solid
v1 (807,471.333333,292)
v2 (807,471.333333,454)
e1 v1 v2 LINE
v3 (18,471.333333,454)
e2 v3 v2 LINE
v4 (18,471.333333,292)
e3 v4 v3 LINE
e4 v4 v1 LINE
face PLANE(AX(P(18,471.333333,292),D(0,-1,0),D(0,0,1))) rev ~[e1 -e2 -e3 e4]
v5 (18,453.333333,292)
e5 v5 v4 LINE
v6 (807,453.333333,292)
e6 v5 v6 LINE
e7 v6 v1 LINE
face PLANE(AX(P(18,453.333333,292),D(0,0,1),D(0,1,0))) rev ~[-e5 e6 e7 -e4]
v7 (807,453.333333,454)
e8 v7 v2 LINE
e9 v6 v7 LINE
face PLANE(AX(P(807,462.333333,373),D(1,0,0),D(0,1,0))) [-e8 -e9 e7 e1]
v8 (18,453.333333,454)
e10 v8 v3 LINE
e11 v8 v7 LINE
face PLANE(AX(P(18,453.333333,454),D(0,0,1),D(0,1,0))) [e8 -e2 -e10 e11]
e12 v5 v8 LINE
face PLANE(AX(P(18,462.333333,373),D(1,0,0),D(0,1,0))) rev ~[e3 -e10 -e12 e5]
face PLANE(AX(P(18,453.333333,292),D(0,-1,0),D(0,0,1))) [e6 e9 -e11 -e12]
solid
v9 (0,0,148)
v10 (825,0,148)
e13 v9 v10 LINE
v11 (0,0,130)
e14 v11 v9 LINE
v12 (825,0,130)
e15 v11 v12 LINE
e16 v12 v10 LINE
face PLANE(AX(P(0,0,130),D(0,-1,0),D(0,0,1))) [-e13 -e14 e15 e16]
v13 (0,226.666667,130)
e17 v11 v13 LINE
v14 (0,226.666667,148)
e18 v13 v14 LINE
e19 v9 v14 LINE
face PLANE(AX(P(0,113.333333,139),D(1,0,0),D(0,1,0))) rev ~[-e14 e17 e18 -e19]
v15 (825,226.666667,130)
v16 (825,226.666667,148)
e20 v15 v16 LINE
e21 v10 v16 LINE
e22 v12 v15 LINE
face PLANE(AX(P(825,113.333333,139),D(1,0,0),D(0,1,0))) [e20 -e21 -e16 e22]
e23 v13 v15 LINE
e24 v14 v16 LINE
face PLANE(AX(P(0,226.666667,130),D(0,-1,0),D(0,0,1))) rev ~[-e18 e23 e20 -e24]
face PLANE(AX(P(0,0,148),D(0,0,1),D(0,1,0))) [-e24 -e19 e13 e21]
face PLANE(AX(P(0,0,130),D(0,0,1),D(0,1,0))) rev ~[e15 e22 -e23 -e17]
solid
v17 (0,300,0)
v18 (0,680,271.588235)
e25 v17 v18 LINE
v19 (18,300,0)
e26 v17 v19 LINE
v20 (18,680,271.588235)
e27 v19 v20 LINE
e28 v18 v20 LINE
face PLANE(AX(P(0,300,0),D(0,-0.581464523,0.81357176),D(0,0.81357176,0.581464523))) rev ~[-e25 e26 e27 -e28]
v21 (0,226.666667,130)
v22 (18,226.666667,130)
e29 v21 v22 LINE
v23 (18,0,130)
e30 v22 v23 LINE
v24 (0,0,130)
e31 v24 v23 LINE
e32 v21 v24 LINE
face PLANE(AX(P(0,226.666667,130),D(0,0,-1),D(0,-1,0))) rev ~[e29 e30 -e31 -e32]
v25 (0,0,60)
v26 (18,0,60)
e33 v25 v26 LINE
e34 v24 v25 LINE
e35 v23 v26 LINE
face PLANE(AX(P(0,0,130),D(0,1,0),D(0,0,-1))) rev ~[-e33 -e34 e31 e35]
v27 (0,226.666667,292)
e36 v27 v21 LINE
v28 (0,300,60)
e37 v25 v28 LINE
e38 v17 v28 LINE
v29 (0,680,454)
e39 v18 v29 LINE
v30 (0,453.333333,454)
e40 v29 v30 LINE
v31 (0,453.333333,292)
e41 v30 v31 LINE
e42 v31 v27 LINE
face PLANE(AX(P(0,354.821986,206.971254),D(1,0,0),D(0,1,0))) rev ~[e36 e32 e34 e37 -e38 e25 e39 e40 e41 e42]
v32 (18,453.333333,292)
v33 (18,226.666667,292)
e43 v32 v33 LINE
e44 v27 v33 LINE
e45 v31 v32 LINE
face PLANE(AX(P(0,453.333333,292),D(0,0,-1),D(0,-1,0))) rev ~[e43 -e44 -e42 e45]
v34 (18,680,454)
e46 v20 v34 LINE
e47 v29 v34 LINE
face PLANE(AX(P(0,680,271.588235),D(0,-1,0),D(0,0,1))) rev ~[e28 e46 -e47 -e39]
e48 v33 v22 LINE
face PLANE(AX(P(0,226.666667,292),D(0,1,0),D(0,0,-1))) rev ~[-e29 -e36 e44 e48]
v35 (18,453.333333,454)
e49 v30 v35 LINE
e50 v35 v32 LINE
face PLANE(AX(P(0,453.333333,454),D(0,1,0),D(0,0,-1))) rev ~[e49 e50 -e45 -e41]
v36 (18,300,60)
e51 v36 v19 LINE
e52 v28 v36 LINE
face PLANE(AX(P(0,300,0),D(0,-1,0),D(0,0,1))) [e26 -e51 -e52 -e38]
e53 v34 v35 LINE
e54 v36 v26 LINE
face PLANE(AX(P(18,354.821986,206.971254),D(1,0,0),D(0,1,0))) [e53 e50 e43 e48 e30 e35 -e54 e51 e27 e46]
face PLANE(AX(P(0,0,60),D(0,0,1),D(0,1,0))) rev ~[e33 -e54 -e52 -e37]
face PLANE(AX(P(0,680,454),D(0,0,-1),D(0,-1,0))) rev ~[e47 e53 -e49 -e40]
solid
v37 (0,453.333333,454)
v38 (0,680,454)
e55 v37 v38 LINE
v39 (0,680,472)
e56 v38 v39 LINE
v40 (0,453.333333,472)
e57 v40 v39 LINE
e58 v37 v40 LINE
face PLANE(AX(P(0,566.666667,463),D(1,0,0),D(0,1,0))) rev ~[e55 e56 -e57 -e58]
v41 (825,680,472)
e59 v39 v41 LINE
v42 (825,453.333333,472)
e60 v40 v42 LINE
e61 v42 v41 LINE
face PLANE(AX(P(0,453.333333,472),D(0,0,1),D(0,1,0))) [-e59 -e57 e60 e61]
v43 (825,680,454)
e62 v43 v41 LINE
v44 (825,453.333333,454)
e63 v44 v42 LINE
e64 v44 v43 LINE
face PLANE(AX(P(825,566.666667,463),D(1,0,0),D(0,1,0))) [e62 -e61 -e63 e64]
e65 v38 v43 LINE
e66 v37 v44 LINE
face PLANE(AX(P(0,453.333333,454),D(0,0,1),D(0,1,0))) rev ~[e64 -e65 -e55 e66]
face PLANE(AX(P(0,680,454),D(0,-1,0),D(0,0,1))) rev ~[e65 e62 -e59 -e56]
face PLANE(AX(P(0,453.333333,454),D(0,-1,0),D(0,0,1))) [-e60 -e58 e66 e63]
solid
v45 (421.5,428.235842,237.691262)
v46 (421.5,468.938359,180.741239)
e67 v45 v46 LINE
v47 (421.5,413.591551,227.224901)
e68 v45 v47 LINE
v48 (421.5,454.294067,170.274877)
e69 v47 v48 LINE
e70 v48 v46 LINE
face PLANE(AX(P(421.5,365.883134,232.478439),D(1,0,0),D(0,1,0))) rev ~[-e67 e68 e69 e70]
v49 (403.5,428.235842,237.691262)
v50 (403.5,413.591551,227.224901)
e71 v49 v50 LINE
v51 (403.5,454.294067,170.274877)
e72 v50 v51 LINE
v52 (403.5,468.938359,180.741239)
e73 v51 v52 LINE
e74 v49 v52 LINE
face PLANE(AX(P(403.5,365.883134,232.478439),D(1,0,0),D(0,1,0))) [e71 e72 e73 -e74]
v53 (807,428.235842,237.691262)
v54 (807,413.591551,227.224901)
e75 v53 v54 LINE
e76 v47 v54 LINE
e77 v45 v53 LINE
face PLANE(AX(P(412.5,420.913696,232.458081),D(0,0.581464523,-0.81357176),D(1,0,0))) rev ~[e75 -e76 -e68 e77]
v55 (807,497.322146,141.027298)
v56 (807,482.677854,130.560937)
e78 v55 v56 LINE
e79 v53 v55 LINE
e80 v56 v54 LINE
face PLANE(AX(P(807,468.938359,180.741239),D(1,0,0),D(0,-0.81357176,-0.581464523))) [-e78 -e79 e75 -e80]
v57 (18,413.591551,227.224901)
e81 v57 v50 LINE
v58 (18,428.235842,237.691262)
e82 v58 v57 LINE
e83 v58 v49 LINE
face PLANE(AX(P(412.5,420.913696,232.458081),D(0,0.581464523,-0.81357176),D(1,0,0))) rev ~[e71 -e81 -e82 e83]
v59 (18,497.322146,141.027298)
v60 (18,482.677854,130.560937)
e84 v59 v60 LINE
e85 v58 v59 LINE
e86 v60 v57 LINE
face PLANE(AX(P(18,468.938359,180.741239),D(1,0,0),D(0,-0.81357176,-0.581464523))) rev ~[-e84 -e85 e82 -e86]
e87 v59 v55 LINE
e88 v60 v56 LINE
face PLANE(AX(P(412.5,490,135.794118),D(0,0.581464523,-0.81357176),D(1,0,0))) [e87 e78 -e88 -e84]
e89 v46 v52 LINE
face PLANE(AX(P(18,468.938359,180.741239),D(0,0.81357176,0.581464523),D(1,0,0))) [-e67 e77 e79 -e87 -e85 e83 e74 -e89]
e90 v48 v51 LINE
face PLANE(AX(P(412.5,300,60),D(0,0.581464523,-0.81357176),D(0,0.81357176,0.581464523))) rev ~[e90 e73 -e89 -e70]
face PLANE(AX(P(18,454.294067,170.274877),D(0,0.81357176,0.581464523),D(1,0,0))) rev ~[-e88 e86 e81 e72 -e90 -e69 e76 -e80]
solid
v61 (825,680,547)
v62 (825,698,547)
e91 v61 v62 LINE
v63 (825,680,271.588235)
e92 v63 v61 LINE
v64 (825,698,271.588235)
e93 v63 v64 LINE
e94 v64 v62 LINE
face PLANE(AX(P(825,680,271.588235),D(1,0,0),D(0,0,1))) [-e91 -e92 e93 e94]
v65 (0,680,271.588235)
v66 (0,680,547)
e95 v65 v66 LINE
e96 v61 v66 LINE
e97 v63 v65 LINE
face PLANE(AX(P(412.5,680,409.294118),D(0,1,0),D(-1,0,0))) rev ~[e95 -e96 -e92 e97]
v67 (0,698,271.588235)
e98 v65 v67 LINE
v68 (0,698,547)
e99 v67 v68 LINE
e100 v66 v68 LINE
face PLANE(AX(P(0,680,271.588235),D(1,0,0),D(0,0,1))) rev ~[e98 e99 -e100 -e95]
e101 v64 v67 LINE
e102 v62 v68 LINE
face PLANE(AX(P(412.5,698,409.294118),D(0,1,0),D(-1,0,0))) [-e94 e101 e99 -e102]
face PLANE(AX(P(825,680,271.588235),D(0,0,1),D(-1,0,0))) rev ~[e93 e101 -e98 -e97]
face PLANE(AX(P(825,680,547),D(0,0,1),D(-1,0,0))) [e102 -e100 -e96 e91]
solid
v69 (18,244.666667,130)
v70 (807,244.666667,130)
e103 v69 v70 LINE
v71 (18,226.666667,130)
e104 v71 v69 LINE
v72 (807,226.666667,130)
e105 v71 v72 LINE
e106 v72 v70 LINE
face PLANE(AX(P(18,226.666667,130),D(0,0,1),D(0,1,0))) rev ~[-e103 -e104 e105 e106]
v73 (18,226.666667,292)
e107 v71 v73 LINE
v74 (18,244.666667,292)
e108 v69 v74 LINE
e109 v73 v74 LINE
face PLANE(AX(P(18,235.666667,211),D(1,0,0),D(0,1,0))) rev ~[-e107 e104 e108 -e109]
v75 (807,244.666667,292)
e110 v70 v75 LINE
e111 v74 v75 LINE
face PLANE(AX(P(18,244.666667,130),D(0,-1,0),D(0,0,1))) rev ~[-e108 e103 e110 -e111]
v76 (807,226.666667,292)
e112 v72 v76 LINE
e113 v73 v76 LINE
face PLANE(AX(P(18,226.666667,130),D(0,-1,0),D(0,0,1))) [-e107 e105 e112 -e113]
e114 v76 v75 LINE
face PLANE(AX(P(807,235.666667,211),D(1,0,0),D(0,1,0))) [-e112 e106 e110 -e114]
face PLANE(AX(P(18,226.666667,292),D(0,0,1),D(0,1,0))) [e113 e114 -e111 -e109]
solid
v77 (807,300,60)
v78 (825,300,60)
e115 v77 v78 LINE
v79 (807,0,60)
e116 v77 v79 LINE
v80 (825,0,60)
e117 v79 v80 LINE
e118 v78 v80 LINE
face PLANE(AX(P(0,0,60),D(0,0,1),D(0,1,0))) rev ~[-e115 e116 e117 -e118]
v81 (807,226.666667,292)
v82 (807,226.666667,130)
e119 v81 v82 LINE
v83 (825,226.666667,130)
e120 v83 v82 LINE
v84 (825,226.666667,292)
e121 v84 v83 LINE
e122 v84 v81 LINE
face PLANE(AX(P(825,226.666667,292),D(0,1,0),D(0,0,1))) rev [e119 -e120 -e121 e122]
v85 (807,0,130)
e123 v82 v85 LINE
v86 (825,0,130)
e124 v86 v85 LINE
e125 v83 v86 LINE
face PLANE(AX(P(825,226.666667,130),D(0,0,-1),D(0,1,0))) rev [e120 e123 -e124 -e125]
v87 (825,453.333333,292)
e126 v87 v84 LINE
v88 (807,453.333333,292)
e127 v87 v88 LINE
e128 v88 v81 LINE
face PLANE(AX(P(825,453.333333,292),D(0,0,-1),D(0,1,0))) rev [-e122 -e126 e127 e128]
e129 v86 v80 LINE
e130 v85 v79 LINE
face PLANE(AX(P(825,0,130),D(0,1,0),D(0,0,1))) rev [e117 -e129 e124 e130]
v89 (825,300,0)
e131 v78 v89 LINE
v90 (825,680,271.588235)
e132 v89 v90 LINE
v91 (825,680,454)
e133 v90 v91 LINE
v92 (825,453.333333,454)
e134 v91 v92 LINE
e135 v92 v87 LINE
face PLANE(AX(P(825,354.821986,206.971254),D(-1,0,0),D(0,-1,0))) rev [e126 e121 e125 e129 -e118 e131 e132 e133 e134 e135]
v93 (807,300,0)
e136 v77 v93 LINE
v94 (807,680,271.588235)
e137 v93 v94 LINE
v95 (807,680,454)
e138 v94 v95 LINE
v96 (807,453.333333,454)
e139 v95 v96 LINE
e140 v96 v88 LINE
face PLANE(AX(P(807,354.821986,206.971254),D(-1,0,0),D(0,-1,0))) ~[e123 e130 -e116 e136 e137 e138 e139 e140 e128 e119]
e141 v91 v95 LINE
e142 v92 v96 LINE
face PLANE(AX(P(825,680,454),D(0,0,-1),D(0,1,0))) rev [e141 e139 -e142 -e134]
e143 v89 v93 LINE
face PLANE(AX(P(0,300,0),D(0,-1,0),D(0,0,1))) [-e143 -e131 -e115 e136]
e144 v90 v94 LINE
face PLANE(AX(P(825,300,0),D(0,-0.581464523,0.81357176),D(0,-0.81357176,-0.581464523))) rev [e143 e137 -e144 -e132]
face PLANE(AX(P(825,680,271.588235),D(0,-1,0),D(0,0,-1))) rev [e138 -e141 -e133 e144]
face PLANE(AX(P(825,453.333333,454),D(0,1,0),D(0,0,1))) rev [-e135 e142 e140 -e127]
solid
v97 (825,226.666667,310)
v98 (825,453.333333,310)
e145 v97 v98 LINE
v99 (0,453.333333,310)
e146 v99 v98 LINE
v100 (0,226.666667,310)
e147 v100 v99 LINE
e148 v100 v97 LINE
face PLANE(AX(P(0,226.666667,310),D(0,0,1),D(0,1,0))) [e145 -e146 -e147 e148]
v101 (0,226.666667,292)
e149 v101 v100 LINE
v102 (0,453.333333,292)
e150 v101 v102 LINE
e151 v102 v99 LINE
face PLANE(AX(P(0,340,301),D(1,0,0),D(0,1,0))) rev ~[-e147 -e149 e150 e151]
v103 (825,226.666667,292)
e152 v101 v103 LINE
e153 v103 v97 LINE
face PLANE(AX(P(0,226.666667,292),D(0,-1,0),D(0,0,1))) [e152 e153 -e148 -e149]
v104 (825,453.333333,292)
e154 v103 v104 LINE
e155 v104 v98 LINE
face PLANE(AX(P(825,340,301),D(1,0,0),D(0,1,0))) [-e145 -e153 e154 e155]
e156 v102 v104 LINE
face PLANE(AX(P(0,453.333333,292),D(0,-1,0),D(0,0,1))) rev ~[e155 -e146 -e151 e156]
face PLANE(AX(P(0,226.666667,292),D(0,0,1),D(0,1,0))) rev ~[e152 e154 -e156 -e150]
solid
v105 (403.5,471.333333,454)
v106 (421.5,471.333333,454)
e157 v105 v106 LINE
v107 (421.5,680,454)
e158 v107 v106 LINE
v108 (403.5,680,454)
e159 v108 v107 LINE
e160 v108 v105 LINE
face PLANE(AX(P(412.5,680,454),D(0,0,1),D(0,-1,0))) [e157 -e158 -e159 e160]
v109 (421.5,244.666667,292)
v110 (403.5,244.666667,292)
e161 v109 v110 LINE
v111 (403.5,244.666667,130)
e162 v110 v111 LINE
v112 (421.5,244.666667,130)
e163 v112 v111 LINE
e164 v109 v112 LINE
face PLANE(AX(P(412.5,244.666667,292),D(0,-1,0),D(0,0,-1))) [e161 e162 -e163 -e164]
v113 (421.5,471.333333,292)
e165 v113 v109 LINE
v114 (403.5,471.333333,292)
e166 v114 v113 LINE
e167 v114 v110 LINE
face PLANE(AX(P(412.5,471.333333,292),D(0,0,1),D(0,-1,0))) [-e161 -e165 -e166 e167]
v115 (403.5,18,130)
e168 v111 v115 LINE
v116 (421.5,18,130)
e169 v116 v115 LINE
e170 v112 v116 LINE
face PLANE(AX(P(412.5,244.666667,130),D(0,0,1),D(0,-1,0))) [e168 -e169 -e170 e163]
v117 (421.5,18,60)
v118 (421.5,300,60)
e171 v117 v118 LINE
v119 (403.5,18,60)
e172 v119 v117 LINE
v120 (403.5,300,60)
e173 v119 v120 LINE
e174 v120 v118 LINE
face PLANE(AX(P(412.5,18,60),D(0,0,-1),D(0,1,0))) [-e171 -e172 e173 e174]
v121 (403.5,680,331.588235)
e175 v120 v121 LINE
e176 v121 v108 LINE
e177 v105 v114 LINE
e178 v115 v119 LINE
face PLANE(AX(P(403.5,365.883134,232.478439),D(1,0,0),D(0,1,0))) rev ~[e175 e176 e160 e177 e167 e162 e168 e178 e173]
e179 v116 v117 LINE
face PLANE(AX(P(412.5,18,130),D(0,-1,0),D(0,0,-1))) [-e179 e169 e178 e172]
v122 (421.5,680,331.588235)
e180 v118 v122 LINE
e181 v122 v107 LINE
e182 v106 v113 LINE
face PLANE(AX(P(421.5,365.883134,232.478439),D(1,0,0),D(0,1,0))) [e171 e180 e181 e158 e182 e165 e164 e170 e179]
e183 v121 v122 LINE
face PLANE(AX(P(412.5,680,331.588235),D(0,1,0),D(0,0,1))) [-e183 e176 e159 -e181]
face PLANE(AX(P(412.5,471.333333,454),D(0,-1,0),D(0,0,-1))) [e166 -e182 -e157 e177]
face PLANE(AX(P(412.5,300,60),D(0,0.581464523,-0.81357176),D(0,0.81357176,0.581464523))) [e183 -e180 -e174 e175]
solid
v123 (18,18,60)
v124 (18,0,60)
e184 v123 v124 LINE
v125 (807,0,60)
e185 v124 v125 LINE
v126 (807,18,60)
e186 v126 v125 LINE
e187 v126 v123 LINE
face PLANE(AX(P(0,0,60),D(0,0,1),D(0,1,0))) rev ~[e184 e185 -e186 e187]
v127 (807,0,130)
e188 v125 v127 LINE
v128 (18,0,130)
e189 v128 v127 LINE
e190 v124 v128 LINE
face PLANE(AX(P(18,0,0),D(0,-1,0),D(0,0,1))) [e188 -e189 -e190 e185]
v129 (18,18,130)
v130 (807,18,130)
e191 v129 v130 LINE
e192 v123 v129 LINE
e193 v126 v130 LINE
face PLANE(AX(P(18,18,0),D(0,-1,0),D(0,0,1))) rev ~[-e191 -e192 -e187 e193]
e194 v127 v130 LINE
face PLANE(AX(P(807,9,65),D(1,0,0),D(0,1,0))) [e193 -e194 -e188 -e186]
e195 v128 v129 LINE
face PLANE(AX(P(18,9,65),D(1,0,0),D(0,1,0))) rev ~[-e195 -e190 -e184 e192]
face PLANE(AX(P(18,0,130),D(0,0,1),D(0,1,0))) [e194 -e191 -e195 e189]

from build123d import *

# Parameters (mm, degrees)
F0_W           = 226.6666666667
F0_H           = 18
F1_DEPTH       = 825
F4_DEPTH       = 18
F8_W           = 18
F8_H           = 130
F9_DEPTH       = 789
F8_H_2         = 162
F10_W          = 825
F10_H          = 275.4117647059
F11_DEPTH      = 18
F2_W           = 300
F2_H           = 60
F12_DEPTH      = 825.001
F14_DEPTH      = 9
F16_W          = 789
F16_H          = 18
F17_DEPTH      = 48.8143056074
F17_DEPTH_BACK = 70


with BuildPart() as f1:
    # F0 (on Right) → F1 (new body)
    with BuildSketch(Plane.YZ):
        with Locations((340, 301)):
            Rectangle(F0_W, F0_H)
    extrude(amount=F1_DEPTH)


with BuildPart() as f1b:
    # F0 (on Right) → F1, piece 2 (new body)
    with BuildSketch(Plane.YZ):
        with Locations((566.6666666667, 463)):
            Rectangle(F0_W, F0_H)
    extrude(amount=F1_DEPTH)


with BuildPart() as f1c:
    # F0 (on Right) → F1, piece 3 (new body)
    with BuildSketch(Plane.YZ):
        with Locations((113.3333333333, 139)):
            Rectangle(F0_W, F0_H)
    extrude(amount=F1_DEPTH)


with BuildPart() as f4:
    # F3 (on Right) → F4 (new body)
    with BuildSketch(Plane.YZ):
        Polygon((0, 0), (300, 0), (680, 271.5882352941), (680, 454), (453.3333333333, 454), (453.3333333333, 292), (226.6666666667, 292), (226.6666666667, 130), (0, 130), align=None)
    extrude(amount=F4_DEPTH)


with BuildPart() as f7_1:
    # F7: instance of F4
    add(f4.part.mirror(Plane.YZ.offset(412.5)))


with BuildPart() as f9:
    # F8 (on face) → F9 (new body, through all)
    with BuildSketch(Plane.YZ.offset(18)):
        with Locations((9, 65)):
            Rectangle(F8_W, F8_H)
    extrude(amount=F9_DEPTH)


with BuildPart() as f9b:
    # F8 (on face) → F9, piece 2 (new body, through all)
    with BuildSketch(Plane.YZ.offset(18)):
        with Locations((235.6666666667, 211)):
            Rectangle(F8_W, F8_H_2)
    extrude(amount=F9_DEPTH)


with BuildPart() as f9c:
    # F8 (on face) → F9, piece 3 (new body, through all)
    with BuildSketch(Plane.YZ.offset(18)):
        with Locations((462.3333333333, 373)):
            Rectangle(F8_W, F8_H_2)
    extrude(amount=F9_DEPTH)


with BuildPart() as f11:
    # F10 (on face) → F11 (new body)
    with BuildSketch(Plane(origin=(0, 680, 0), x_dir=(-1, 0, 0), z_dir=(0, 1, 0))):
        with Locations((-412.5, 409.2941176471)):
            Rectangle(F10_W, F10_H)
    extrude(amount=F11_DEPTH)


with BuildPart() as f12_tool:
    # F2 (on Right) → F12 (new body, through all)
    with BuildSketch(Plane.YZ):
        with Locations((150, 30)):
            Rectangle(F2_W, F2_H)
    extrude(amount=F12_DEPTH)


with BuildPart() as f4_1:
    add(f4.part)

    # F12: cut by f12_tool
    add(f12_tool.part, mode=Mode.SUBTRACT)


with BuildPart() as f7_1_1:
    add(f7_1.part)

    # F12: cut by f12_tool
    add(f12_tool.part, mode=Mode.SUBTRACT)


with BuildPart() as f9_1:
    add(f9.part)

    # F12: cut by f12_tool
    add(f12_tool.part, mode=Mode.SUBTRACT)


with BuildPart() as f14:
    # F13 (on plane+point) → F14 (new body, symmetric)
    with BuildSketch(Plane.YZ.offset(412.5)):
        Polygon((18, 130), (18, 60), (300, 60), (680, 331.5882352941), (680, 454), (471.3333333333, 454), (471.3333333333, 292), (244.6666666667, 292), (244.6666666667, 130), align=None)
    extrude(amount=F14_DEPTH, both=True)


with BuildPart() as f17:
    # F16 (on face) → F17 (new body, two sides)
    with BuildSketch(Plane(origin=(0, 73.0465104295, -102.2049940166), x_dir=(1, 0, 0), z_dir=(0, 0.5814645227, -0.8135717601))) as f17_sk:
        with Locations((412.5, -477.60962426)):
            Rectangle(F16_W, F16_H)
    extrude(amount=F17_DEPTH)
    extrude(f17_sk.sketch, amount=-F17_DEPTH_BACK)

    # F18: cut F14
    add(f14.part, mode=Mode.SUBTRACT)


solid = Compound([f1.part, f1b.part, f1c.part, f9b.part, f9c.part, f11.part, f4_1.part, f7_1_1.part, f9_1.part, f14.part, f17.part])
